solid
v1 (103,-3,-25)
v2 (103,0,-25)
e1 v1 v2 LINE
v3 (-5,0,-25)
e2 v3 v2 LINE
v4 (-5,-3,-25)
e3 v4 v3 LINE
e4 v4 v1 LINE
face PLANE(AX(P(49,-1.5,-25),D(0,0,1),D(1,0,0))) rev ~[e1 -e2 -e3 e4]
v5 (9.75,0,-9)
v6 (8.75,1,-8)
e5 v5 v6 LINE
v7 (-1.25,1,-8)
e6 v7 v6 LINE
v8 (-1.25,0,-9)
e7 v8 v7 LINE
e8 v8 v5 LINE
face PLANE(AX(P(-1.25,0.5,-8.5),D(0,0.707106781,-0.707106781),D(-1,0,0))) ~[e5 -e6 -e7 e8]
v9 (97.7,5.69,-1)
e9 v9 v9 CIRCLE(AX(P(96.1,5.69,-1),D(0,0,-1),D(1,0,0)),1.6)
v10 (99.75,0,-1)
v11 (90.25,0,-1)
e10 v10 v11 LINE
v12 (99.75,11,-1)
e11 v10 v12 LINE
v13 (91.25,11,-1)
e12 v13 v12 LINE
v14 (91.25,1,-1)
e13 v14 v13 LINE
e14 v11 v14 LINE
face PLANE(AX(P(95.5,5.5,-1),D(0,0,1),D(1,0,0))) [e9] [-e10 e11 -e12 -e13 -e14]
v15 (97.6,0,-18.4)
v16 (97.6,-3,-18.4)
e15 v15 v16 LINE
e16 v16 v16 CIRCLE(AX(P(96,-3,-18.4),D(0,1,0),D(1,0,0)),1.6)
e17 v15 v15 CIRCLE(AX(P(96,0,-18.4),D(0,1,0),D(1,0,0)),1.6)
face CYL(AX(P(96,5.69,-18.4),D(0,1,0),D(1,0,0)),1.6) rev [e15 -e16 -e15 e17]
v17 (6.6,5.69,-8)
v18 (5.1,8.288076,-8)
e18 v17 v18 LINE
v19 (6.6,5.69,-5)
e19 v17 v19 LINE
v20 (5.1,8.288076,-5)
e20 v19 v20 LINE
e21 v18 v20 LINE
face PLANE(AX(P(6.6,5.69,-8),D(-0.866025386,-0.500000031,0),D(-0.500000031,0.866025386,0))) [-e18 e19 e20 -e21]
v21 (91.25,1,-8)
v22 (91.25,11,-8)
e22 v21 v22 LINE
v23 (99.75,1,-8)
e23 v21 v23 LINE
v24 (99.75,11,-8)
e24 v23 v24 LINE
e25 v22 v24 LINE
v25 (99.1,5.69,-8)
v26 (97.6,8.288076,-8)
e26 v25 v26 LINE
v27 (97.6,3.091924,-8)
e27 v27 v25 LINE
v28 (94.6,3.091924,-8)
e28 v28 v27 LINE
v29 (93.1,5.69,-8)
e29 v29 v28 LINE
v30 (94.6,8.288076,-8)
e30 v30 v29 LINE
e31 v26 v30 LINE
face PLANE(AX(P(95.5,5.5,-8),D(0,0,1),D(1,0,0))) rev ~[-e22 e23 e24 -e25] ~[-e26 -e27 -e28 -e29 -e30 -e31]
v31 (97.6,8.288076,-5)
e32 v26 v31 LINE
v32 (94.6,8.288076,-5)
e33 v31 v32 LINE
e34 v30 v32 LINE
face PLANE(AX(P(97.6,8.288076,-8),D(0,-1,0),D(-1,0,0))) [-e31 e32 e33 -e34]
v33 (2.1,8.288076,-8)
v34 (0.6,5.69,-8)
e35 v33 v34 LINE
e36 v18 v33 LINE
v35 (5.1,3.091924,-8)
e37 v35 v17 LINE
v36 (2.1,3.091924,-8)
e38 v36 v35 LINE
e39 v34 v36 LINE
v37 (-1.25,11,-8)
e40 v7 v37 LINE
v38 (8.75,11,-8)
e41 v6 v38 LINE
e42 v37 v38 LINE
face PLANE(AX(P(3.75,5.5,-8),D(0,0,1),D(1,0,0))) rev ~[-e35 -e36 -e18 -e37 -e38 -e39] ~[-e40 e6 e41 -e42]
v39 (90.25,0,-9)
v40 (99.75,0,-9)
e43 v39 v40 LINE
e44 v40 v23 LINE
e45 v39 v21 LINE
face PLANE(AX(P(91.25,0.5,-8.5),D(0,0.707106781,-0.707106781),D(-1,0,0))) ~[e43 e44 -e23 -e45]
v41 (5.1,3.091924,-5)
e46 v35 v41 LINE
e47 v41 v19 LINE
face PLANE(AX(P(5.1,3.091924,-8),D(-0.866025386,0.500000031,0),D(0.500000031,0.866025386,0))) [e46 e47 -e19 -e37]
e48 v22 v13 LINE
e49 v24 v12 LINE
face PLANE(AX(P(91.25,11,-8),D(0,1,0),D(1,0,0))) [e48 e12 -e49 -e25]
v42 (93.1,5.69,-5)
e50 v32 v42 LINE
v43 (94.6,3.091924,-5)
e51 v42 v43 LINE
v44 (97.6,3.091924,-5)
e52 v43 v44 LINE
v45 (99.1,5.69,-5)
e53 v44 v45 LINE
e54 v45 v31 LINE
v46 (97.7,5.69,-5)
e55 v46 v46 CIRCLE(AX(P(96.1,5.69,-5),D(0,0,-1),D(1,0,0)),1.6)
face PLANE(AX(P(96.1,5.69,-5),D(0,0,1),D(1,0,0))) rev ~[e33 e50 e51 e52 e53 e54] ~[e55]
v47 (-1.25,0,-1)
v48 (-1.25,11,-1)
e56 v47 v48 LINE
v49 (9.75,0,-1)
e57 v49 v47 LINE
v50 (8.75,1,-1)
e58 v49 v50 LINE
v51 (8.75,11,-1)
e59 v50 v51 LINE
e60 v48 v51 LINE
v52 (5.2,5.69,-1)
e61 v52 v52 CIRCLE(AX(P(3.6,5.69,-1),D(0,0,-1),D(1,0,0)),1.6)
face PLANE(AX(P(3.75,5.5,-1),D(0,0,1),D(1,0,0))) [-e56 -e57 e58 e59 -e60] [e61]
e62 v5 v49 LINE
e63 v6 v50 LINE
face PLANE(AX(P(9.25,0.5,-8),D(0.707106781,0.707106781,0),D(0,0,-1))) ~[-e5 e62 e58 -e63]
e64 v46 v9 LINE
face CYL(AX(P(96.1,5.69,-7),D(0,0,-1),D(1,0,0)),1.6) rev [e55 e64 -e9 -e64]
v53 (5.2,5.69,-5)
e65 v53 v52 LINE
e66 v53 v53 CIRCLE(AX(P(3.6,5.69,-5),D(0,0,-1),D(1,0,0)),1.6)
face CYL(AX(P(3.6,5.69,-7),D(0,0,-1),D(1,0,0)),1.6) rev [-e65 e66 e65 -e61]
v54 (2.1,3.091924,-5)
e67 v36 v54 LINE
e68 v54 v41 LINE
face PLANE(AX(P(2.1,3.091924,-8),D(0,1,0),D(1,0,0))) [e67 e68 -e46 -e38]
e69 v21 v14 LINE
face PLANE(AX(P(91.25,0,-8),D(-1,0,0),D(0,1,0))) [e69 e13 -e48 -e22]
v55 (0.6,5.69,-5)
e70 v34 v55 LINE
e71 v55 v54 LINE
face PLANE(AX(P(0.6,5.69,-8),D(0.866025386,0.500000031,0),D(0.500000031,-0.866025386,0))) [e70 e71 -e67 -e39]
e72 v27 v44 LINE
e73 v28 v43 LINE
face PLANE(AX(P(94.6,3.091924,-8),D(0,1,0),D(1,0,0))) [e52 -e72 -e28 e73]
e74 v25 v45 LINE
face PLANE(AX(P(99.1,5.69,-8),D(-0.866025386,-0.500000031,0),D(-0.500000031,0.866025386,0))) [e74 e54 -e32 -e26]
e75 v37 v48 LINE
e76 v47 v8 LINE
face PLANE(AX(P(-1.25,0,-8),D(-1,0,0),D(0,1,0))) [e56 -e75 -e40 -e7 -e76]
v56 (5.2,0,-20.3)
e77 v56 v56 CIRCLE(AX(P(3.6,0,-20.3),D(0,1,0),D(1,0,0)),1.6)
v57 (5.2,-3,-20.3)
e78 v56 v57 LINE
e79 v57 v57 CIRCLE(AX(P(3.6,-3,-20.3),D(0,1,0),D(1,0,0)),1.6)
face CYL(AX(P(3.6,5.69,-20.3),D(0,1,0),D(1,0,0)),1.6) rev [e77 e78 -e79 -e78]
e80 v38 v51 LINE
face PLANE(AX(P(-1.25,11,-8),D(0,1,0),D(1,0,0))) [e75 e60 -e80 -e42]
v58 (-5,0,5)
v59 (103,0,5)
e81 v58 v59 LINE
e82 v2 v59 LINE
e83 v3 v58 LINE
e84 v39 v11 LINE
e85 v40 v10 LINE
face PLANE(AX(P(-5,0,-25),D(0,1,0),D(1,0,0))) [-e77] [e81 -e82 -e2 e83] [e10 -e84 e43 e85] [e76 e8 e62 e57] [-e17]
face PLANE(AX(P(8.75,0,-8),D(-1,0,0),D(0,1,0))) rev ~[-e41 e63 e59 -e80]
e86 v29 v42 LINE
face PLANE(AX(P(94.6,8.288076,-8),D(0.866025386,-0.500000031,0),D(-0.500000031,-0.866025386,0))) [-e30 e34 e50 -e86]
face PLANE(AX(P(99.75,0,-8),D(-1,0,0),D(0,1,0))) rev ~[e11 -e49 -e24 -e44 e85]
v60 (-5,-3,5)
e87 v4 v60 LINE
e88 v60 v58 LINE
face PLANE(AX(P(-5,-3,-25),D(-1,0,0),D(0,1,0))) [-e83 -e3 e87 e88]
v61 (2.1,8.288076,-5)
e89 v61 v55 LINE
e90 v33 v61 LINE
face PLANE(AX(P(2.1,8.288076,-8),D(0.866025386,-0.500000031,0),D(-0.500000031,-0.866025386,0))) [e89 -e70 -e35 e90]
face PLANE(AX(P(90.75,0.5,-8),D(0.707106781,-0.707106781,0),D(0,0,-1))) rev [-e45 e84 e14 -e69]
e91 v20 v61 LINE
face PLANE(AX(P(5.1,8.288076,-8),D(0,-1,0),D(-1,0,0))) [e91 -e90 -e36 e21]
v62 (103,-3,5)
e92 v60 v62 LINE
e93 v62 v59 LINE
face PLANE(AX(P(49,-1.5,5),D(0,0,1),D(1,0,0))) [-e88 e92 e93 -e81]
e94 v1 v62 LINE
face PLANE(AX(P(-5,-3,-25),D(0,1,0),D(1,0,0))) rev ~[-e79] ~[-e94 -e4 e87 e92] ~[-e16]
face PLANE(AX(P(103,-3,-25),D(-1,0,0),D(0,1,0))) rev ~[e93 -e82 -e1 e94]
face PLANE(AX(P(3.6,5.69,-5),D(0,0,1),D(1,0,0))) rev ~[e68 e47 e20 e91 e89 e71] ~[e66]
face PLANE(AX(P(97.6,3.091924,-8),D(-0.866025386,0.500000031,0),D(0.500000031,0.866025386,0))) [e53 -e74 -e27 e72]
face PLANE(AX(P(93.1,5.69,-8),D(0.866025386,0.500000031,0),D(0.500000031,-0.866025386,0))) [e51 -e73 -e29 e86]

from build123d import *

# Parameters (mm, degrees)
CYLINDER030_R          = 1.6
CYLINDER030_DEPTH      = 12
CYLINDER018_R          = 1.6
CYLINDER018_DEPTH      = 12
PRISM001_DEPTH         = 3
BOX021_W               = 8.5
BOX021_H               = 11
BOX021_DEPTH           = 7
CYLINDER029_R          = 1.6
CYLINDER029_DEPTH      = 10
CYLINDER029_ROLL_ANGLE = 90
CYLINDER016_R          = 1.6
CYLINDER016_DEPTH      = 10
CYLINDER016_ROLL_ANGLE = 90
BOX004_W               = 108
BOX004_H               = 3
BOX004_DEPTH           = 30
CYLINDER014_R          = 1.6
CYLINDER014_DEPTH      = 16
CYLINDER014_ROLL_ANGLE = 90
PRISM_DEPTH            = 3
BOX020_W               = 10
BOX020_H               = 11
BOX020_DEPTH           = 7
CHAMFER004_SIZE        = 1


with BuildPart() as cylinder030:
    # Cylinder030 → Cylinder030 (new body)
    with BuildSketch(Plane(origin=(3.6, 5.69, -7), x_dir=(1, 0, 0), z_dir=(0, 0, 1))):
        Circle(CYLINDER030_R)
    extrude(amount=CYLINDER030_DEPTH)


with BuildPart() as cylinder018:
    # Cylinder018 → Cylinder018 (new body)
    with BuildSketch(Plane(origin=(3.6, 5.69, -7), x_dir=(1, 0, 0), z_dir=(0, 0, 1))):
        Circle(CYLINDER018_R)
    extrude(amount=CYLINDER018_DEPTH)


with BuildPart() as prism001:
    # Prism001 → Prism001 (new body)
    with BuildSketch(Plane(origin=(3.6, 5.69, -7), x_dir=(1, 0, 0), z_dir=(0, 0, 1))):
        Polygon((3, 0), (1.5, 2.598076), (-1.5, 2.598076), (-3, 0), (-1.5, -2.598076), (1.5, -2.598076), align=None)
    extrude(amount=PRISM001_DEPTH)


with BuildPart() as cut008:
    # Box021 → Box021 (new body)
    with BuildSketch(Plane(origin=(-1.25, 0, -7), x_dir=(1, 0, 0), z_dir=(0, 0, 1))):
        with Locations((4.25, 5.5)):
            Rectangle(BOX021_W, BOX021_H)
    extrude(amount=BOX021_DEPTH)

    # Cut007: cut Prism001
    add(prism001.part, mode=Mode.SUBTRACT)


with BuildPart() as cut008_1:
    # Cut007 placement: moved
    add(cut008.part.moved(Location((0, 0, -1))))

    # Cut008: cut Cylinder018
    add(cylinder018.part, mode=Mode.SUBTRACT)


with BuildPart() as cut008_2:
    # Cut008 placement: moved
    add(cut008_1.part.moved(Location((92.5, 0, 0))))


with BuildPart() as cylinder029:
    # Cylinder029 → Cylinder029 (new body)
    with BuildSketch(Plane.XY):
        Circle(CYLINDER029_R)
    extrude(amount=CYLINDER029_DEPTH)


with BuildPart() as cylinder029_1:
    # Cylinder029 roll: moved
    add(cylinder029.part.rotate(Axis((0, 0, 0), (1, 0, 0)), CYLINDER029_ROLL_ANGLE))


with BuildPart() as cylinder029_2:
    # Cylinder029 placement: moved
    add(cylinder029_1.part.moved(Location((3.6, 5.69, -20.3))))


with BuildPart() as fusion010:
    # Cylinder016 → Cylinder016 (new body)
    with BuildSketch(Plane.XY):
        Circle(CYLINDER016_R)
    extrude(amount=CYLINDER016_DEPTH)


with BuildPart() as fusion010_1:
    # Cylinder016 roll: moved
    add(fusion010.part.rotate(Axis((0, 0, 0), (1, 0, 0)), CYLINDER016_ROLL_ANGLE))


with BuildPart() as fusion010_2:
    # Cylinder016 placement: moved
    add(fusion010_1.part.moved(Location((96, 5.69, -18.4))))

    # Fusion010: union Cylinder029
    add(cylinder029_2.part)


with BuildPart() as right_with_holes:
    # Box004 → Box004 (new body)
    with BuildSketch(Plane(origin=(-5, -3, -25), x_dir=(1, 0, 0), z_dir=(0, 0, 1))):
        with Locations((54, 1.5)):
            Rectangle(BOX004_W, BOX004_H)
    extrude(amount=BOX004_DEPTH)

    # Cut028: cut Fusion010
    add(fusion010_2.part, mode=Mode.SUBTRACT)


with BuildPart() as cylinder014:
    # Cylinder014 → Cylinder014 (new body)
    with BuildSketch(Plane.XY):
        Circle(CYLINDER014_R)
    extrude(amount=CYLINDER014_DEPTH)


with BuildPart() as cylinder014_1:
    # Cylinder014 roll: moved
    add(cylinder014.part.rotate(Axis((0, 0, 0), (1, 0, 0)), CYLINDER014_ROLL_ANGLE))


with BuildPart() as cylinder014_2:
    # Cylinder014 placement: moved
    add(cylinder014_1.part.moved(Location((3.6, 5.69, -20.3))))


with BuildPart() as prism:
    # Prism → Prism (new body)
    with BuildSketch(Plane(origin=(3.6, 5.69, -7), x_dir=(1, 0, 0), z_dir=(0, 0, 1))):
        Polygon((3, 0), (1.5, 2.598076), (-1.5, 2.598076), (-3, 0), (-1.5, -2.598076), (1.5, -2.598076), align=None)
    extrude(amount=PRISM_DEPTH)


with BuildPart() as right_side_final:
    # Box020 → Box020 (new body)
    with BuildSketch(Plane(origin=(-1.25, 0, -7), x_dir=(1, 0, 0), z_dir=(0, 0, 1))):
        with Locations((5, 5.5)):
            Rectangle(BOX020_W, BOX020_H)
    extrude(amount=BOX020_DEPTH)

    # Cut005: cut Prism
    add(prism.part, mode=Mode.SUBTRACT)


with BuildPart() as right_side_final_1:
    # Cut005 placement: moved
    add(right_side_final.part.moved(Location((0, 0, -1))))

    # Cut006: cut Cylinder014
    add(cylinder014_2.part, mode=Mode.SUBTRACT)

    # Fusion011: union Cut008, right with holes
    add(cut008_2.part)
    add(right_with_holes.part)

    # Chamfer004
    chamfer004_edges = [right_side_final_1.edges().sort_by_distance(p)[0] for p in [
        (95.5, 0, -8),
        (91.25, 0, -4.5),
        (8.75, 0, -4.5),
        (3.75, 0, -8),
    ]]
    chamfer(chamfer004_edges, length=CHAMFER004_SIZE)

    # Cut029: cut Cylinder030
    add(cylinder030.part, mode=Mode.SUBTRACT)


solid = right_side_final_1.part
